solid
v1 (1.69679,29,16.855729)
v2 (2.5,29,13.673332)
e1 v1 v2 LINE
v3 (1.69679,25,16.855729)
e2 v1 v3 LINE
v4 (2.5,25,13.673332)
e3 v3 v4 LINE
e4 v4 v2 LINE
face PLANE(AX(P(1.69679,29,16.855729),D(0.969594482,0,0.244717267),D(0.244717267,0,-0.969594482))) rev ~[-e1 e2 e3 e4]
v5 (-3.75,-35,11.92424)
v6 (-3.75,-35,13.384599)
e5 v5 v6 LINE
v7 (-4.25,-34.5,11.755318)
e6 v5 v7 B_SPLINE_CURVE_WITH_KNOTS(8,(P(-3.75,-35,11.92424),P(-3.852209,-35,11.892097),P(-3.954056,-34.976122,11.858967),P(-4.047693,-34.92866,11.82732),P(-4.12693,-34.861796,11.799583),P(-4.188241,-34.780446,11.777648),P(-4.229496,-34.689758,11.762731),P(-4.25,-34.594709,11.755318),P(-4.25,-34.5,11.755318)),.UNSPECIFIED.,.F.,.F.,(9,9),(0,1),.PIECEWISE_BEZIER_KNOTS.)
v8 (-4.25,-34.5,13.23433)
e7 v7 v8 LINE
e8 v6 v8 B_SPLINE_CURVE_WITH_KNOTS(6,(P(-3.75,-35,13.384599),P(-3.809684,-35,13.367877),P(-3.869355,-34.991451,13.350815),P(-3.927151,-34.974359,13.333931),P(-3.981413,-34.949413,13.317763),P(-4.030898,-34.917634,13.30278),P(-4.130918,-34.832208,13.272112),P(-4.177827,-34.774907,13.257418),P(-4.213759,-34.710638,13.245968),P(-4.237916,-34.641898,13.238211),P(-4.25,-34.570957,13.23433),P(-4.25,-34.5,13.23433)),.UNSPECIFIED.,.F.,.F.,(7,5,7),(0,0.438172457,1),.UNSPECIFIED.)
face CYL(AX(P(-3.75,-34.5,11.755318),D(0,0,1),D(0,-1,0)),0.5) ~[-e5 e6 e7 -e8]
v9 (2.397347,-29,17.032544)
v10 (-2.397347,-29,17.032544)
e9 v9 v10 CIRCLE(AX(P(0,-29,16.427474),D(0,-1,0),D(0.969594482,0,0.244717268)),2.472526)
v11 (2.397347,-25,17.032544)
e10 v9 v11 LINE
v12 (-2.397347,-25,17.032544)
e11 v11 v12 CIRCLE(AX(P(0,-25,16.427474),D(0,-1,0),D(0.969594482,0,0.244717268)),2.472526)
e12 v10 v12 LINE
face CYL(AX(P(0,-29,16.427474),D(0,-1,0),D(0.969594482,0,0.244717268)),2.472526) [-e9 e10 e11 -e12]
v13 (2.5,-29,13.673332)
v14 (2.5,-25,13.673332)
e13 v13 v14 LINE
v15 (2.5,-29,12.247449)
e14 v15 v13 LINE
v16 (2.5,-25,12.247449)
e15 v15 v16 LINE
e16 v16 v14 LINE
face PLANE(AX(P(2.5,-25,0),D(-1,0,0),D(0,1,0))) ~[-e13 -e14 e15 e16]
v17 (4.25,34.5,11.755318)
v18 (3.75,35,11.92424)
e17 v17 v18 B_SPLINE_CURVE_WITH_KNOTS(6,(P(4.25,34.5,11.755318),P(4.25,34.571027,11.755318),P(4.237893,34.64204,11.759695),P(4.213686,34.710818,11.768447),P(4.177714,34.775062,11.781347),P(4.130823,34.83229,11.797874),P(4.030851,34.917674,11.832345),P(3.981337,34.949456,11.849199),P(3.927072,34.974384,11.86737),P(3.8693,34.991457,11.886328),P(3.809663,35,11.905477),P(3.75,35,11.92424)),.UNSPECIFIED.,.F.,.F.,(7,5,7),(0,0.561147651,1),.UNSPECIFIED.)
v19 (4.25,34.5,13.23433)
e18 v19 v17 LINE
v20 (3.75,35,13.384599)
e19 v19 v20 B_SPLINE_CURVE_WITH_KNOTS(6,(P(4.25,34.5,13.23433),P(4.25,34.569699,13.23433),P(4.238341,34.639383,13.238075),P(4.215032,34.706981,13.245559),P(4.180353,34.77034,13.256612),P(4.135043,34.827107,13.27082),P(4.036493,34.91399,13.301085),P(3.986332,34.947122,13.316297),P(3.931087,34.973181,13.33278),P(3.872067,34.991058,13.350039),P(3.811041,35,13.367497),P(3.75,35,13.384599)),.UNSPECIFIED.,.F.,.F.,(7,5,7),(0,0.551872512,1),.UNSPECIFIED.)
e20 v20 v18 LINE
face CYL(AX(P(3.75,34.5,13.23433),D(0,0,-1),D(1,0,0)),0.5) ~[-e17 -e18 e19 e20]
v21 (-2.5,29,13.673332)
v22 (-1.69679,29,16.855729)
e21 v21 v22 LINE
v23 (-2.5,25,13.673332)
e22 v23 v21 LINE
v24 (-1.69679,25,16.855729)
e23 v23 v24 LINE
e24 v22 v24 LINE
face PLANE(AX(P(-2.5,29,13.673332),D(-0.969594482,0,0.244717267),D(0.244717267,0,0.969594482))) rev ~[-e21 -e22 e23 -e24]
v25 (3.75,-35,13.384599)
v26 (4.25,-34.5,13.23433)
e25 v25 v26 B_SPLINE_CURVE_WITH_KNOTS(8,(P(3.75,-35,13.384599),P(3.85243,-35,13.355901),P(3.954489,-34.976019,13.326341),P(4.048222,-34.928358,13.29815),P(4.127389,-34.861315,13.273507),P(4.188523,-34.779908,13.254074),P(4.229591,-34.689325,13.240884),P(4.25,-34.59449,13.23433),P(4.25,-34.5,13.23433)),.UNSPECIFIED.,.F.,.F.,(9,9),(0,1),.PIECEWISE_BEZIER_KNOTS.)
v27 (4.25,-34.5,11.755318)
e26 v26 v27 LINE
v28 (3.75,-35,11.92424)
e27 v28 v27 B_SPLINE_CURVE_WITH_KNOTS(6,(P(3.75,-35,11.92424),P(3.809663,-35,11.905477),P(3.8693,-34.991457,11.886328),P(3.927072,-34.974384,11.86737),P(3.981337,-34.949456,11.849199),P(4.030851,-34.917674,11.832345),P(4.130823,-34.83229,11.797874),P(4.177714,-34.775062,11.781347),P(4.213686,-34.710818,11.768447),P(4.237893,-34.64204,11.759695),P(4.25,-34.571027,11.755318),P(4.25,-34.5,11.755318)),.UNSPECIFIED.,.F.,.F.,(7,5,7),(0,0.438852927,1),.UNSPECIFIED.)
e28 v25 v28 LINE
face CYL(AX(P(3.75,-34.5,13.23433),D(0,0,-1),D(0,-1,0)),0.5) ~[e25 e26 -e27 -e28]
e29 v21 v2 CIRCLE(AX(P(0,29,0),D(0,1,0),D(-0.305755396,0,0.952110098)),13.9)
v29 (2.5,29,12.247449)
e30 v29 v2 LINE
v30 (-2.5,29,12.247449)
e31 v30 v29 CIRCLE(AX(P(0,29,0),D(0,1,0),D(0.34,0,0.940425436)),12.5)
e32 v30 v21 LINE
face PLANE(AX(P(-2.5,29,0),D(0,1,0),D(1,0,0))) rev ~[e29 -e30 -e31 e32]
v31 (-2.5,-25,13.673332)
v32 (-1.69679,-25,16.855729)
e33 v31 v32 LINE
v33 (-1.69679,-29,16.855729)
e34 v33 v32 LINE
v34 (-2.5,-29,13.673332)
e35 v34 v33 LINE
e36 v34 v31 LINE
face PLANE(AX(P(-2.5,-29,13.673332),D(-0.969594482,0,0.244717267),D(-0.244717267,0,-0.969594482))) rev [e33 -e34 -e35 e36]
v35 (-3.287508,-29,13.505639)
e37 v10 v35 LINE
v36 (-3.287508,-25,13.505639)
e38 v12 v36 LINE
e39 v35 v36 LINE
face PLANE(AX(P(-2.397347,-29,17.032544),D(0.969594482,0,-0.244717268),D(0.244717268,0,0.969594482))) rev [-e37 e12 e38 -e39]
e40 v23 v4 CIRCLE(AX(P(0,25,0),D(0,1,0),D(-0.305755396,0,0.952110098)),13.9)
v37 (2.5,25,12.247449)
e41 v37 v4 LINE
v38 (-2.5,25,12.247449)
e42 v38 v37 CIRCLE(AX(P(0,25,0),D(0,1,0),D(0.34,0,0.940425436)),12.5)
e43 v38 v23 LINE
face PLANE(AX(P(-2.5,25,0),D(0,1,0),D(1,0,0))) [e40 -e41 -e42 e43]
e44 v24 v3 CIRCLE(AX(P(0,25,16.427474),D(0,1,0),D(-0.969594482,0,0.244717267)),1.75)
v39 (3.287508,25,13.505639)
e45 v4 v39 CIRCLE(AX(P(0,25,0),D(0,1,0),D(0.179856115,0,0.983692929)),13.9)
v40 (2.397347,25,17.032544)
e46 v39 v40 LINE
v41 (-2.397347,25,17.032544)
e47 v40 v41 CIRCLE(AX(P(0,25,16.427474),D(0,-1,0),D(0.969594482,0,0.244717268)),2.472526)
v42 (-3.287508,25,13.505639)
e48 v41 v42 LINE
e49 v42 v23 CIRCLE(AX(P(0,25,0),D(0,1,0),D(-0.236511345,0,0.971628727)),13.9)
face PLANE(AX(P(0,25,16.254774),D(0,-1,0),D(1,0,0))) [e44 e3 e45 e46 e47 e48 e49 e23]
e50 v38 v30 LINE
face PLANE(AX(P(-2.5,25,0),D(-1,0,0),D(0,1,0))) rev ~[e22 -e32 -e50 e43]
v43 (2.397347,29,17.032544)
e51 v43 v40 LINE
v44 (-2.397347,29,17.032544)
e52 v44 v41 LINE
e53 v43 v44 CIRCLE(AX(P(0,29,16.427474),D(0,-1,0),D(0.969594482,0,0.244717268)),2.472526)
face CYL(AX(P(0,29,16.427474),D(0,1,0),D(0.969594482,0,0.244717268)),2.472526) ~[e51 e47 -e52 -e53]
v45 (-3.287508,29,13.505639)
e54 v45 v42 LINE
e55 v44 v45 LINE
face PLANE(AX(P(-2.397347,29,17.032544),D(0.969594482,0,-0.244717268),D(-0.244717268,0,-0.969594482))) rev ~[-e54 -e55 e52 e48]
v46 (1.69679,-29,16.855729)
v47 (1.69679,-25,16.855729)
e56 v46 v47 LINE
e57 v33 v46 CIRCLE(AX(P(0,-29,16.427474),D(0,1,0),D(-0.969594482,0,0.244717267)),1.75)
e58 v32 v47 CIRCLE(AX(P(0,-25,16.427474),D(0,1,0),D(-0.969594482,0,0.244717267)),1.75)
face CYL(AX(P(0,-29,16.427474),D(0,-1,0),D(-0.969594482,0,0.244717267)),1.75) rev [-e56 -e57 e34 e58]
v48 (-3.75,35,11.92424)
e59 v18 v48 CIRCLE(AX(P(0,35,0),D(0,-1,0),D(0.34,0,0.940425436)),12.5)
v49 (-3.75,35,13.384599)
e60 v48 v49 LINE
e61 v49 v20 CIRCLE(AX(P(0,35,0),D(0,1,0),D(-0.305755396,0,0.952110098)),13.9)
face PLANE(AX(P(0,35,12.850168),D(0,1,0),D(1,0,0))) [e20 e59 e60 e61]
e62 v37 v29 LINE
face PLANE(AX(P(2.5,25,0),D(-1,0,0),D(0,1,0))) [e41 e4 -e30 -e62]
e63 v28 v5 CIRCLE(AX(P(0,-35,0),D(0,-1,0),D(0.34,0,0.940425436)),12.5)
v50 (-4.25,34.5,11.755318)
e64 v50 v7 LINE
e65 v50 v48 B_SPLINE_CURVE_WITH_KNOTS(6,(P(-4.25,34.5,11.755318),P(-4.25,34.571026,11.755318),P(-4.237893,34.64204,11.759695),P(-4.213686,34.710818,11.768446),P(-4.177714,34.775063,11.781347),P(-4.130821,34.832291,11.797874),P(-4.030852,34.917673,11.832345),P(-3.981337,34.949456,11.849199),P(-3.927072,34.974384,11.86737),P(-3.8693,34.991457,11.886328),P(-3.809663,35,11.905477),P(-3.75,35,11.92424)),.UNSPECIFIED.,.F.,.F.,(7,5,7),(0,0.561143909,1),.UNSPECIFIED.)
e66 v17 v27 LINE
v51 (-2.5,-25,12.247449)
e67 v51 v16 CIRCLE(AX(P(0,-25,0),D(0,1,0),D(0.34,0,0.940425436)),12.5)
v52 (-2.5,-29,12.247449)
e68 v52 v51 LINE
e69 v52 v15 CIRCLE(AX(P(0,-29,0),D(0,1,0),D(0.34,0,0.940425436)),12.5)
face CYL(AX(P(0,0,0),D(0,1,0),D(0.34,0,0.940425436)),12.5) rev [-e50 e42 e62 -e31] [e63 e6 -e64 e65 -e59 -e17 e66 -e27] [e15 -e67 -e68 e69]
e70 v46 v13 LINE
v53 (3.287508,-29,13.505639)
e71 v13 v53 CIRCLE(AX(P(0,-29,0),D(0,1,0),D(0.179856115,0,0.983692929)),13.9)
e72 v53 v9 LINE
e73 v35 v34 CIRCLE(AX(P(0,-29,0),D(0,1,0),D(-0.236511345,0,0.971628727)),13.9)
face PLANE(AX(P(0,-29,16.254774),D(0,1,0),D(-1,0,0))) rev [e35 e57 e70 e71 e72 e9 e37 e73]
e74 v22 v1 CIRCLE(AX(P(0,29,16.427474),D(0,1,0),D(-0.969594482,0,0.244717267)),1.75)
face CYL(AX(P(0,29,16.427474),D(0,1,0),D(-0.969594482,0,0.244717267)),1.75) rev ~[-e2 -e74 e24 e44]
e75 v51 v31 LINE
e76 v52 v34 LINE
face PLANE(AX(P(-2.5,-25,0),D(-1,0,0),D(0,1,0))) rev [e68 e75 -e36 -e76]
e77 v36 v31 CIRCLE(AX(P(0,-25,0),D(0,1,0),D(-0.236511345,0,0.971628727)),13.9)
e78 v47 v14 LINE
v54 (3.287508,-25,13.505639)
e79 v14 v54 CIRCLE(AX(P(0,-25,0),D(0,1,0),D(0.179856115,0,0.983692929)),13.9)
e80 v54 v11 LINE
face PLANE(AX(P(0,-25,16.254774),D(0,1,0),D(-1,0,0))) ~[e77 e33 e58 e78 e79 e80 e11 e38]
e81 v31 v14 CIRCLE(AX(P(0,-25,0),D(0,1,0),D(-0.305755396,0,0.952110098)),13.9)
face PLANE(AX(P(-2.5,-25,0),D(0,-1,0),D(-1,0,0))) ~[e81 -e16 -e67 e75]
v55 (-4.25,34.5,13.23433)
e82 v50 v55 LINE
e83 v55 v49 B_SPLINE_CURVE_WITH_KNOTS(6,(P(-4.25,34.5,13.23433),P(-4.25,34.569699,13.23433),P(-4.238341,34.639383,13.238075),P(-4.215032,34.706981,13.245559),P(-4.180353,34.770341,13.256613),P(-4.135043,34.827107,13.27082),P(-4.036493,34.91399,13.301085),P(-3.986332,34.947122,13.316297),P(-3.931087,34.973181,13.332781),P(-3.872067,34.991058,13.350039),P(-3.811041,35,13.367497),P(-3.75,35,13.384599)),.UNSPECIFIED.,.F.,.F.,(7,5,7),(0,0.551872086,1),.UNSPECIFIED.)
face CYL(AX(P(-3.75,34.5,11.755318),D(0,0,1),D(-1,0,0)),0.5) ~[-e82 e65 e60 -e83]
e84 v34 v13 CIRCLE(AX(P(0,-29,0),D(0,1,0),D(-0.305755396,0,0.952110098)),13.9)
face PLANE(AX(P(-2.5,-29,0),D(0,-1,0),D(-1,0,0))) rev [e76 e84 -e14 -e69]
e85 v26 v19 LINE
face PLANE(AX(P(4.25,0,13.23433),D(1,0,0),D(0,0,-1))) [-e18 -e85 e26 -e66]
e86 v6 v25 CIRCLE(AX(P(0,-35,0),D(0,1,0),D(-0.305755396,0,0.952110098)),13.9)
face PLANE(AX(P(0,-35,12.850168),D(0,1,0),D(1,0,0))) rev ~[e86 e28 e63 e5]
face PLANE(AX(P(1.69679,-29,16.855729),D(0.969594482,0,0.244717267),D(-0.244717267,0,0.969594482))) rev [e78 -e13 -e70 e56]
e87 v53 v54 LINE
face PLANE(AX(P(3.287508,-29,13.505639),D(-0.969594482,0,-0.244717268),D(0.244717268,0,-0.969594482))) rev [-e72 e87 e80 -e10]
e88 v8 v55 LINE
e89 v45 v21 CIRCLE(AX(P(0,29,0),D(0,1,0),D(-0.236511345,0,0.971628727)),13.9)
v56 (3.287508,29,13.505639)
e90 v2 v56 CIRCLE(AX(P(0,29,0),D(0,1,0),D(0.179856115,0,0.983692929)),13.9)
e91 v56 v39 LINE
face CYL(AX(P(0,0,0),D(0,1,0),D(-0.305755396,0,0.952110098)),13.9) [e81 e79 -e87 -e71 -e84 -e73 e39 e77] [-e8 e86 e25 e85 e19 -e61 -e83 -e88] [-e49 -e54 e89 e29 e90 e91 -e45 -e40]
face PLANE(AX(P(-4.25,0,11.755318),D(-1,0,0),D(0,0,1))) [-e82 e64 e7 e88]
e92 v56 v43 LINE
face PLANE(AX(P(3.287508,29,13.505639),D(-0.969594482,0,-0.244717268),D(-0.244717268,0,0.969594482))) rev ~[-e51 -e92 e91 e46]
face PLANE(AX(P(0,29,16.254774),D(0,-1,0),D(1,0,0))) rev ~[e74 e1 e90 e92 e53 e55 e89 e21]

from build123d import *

# Parameters (mm, degrees)
PROFILE_DEPTH    = 35
SUPPORTCUTS_W    = 5
SUPPORTCUTS_H    = 4
SUPPORTCUT_DEPTH = 38.898185972
RODGUIDE_DEPTH   = 4
PROFILEFILLET_R  = 0.5


with BuildPart() as part:
    # ProfileS → Profile (new, symmetric)
    with BuildSketch(Plane(origin=(0, 0, 0), x_dir=(1, 0, 0), z_dir=(0, 1, 0))):
        with BuildLine():
            Line((-4.25, -11.755317946), (-4.25, -13.234330357))
            ThreePointArc((-4.25, -13.234330357), (0, -13.9), (4.25, -13.234330357))
            Line((4.25, -13.234330357), (4.25, -11.755317946))
            ThreePointArc((4.25, -11.755317946), (0, -12.5), (-4.25, -11.755317946))
        make_face()
    extrude(amount=PROFILE_DEPTH, both=True)

    # SupportCutS → SupportCut (cut, through all)
    with BuildSketch(Plane.XY):
        with Locations((0, 27)):
            Rectangle(SUPPORTCUTS_W, SUPPORTCUTS_H)
    supportcut = extrude(amount=SUPPORTCUT_DEPTH, mode=Mode.SUBTRACT)

    # RodGuideS → RodGuide (add)
    with BuildSketch(Plane.XZ.offset(-29)):
        with BuildLine():
            Line((-2.5, 13.673331708), (-1.696790343, 16.855729335))
            ThreePointArc((-1.696790343, 16.855729335), (0, 18.177474117), (1.696790343, 16.855729335))
            Line((1.696790343, 16.855729335), (2.5, 13.673331708))
            ThreePointArc((2.5, 13.673331708), (2.894968306, 13.5951888), (3.287507688, 13.505639311))
            Line((3.287507688, 13.505639311), (2.397347452, 17.032543895))
            ThreePointArc((2.397347452, 17.032543895), (0, 18.9), (-2.397347452, 17.032543895))
            Line((-2.397347452, 17.032543895), (-3.287507688, 13.505639311))
            ThreePointArc((-3.287507688, 13.505639311), (-2.894968306, 13.5951888), (-2.5, 13.673331708))
        make_face()
    rodguide = extrude(amount=RODGUIDE_DEPTH)

    # SCVM: SupportCut, RodGuide across plane
    add(supportcut.mirror(Plane.ZX), mode=Mode.SUBTRACT)
    add(rodguide.mirror(Plane.ZX))

    # ProfileFillet
    profilefillet_edges = [part.edges().sort_by_distance(p)[0] for p in [
        (4.25, 35, 12.494824151),
        (4.25, -35, 12.494824151),
        (-4.25, -35, 12.494824151),
        (-4.25, 35, 12.494824151),
    ]]
    fillet(profilefillet_edges, radius=PROFILEFILLET_R)


solid = part.part
